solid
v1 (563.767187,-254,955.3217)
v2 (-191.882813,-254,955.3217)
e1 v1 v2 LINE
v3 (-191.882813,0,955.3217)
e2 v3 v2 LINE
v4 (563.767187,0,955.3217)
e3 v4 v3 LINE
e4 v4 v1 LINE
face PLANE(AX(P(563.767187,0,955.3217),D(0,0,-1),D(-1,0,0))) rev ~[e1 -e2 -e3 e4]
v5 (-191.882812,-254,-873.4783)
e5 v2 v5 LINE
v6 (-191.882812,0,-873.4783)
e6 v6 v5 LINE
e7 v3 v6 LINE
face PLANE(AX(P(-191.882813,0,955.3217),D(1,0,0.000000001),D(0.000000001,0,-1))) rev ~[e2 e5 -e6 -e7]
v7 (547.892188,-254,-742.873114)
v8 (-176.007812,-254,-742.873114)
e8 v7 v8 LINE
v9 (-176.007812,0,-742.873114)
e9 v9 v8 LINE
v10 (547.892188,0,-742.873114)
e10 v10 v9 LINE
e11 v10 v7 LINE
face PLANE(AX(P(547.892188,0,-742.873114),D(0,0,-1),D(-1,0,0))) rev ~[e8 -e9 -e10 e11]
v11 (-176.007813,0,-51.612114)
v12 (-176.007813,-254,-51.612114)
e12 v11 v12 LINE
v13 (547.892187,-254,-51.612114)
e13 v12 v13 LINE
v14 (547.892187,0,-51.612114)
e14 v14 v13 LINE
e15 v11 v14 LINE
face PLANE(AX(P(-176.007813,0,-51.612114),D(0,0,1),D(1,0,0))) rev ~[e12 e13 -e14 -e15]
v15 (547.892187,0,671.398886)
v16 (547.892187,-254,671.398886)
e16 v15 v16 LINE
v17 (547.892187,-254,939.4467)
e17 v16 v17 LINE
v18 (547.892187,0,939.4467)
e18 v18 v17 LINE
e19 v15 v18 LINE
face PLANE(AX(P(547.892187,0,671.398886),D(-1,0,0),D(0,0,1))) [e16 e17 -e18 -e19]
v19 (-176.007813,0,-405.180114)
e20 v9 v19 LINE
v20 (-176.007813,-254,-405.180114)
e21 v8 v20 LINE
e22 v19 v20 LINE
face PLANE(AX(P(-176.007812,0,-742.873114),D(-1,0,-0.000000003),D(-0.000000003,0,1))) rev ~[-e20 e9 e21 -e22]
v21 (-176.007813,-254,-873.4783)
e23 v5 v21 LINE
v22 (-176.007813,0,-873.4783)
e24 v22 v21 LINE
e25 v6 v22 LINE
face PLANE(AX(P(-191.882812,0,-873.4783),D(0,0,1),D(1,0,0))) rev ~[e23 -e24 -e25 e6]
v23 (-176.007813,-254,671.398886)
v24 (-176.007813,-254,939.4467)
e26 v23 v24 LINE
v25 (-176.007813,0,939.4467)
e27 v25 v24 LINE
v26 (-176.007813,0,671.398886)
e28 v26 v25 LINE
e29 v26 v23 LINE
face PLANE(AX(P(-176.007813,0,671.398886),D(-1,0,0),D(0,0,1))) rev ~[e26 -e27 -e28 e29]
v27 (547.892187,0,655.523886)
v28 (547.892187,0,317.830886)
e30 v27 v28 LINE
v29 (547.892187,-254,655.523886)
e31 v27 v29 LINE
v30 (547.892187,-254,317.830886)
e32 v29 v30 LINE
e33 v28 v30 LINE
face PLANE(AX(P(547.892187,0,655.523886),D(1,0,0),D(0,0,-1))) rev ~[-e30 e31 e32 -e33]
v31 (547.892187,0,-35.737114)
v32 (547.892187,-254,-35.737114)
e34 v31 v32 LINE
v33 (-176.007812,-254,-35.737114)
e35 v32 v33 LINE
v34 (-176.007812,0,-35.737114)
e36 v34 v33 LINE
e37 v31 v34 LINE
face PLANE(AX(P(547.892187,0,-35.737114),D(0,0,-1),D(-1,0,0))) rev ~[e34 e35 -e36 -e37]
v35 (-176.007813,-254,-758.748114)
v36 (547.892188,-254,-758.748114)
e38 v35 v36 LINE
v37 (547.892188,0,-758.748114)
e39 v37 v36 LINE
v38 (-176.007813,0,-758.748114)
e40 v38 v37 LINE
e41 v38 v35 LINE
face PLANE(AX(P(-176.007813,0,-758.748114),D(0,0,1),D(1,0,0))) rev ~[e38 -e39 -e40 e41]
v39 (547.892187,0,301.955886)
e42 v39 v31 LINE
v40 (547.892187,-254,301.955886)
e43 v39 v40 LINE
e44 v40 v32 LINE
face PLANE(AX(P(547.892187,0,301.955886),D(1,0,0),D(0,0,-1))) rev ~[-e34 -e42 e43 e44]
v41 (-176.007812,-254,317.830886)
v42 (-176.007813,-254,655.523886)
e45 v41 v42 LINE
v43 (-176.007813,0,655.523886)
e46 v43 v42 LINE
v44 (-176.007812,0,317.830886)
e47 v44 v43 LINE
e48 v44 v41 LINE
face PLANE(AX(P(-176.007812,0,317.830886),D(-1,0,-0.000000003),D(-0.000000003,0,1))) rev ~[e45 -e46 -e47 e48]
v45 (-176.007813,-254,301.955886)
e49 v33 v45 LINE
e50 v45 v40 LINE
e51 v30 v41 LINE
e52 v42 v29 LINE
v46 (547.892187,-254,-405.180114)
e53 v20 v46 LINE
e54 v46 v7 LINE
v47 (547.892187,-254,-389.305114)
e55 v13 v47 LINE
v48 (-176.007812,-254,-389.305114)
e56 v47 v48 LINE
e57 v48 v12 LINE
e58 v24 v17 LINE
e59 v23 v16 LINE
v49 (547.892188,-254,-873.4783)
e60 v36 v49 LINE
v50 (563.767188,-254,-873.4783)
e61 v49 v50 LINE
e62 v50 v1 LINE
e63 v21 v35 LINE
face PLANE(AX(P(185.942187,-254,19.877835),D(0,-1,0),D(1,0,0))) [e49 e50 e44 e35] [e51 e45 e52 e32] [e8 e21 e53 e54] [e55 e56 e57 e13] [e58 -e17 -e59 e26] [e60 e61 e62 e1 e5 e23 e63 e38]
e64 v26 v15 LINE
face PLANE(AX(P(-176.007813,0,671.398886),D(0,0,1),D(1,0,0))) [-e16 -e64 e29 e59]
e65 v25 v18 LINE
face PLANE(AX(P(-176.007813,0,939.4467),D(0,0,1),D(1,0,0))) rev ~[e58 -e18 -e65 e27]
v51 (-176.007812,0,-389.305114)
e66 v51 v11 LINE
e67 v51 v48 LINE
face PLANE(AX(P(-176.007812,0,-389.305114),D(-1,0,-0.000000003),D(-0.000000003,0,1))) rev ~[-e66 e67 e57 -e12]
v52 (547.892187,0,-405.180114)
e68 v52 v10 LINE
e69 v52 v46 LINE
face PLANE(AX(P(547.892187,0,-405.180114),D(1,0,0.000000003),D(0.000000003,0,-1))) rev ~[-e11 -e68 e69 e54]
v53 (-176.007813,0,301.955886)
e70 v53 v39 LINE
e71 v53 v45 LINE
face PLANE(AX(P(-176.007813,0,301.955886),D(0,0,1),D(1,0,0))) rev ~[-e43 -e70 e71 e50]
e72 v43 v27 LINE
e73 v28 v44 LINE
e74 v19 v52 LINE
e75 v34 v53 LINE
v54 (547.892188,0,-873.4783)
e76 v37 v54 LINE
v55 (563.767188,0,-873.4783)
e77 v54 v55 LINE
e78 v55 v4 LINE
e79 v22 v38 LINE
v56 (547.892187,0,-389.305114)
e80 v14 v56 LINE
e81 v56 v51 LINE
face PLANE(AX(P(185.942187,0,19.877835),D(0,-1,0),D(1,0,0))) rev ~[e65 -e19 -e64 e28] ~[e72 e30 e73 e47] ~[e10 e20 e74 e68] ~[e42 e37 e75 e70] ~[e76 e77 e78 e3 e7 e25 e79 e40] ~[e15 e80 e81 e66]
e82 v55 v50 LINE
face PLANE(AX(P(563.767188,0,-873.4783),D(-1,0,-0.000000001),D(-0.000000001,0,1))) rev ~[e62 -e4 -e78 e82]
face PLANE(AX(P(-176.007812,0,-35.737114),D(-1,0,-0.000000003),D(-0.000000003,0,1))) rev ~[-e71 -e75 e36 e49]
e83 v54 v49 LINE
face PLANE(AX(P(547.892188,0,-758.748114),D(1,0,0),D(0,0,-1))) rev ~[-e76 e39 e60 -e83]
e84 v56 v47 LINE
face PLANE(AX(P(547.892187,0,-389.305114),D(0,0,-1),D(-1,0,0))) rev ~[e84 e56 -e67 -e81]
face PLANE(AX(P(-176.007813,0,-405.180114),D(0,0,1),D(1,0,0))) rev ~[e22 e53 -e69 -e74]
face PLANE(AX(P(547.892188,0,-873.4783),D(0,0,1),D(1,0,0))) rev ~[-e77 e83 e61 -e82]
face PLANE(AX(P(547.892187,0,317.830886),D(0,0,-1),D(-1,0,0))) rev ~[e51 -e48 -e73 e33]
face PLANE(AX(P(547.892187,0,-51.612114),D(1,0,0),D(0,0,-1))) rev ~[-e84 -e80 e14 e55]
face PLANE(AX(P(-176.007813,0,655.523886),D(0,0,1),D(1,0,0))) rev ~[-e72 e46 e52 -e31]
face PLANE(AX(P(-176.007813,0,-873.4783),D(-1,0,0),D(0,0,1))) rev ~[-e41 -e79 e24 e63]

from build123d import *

# Parameters (mm, degrees)
F0_W     = 723.900001
F0_H     = 268.047814
F1_DEPTH = 254


with BuildPart() as f1:
    # F0 (on Front) → F1 (new body)
    with BuildSketch(Plane.XZ):
        Polygon((547.892188, -873.4783), (563.767188, -873.4783), (563.767187, 955.3217), (547.892188, 955.3217), (-176.007813, 955.3217), (-191.882813, 955.3217), (-191.882812, -873.4783), (-176.007813, -873.4783), (-176.007813, -758.748114), (547.892188, -758.748114), align=None)
        Polygon((547.892188, -742.873114), (-176.007812, -742.873114), (-176.007813, -405.180114), (547.892187, -405.180114), align=None, mode=Mode.SUBTRACT)
        Polygon((547.892187, -389.305114), (-176.007812, -389.305114), (-176.007813, -51.612114), (547.892187, -51.612114), align=None, mode=Mode.SUBTRACT)
        Polygon((547.892187, -35.737114), (-176.007812, -35.737114), (-176.007813, 301.955886), (547.892187, 301.955886), align=None, mode=Mode.SUBTRACT)
        Polygon((547.892187, 317.830886), (-176.007812, 317.830886), (-176.007813, 655.523886), (547.892187, 655.523886), align=None, mode=Mode.SUBTRACT)
        with Locations((185.942187, 805.422793)):
            Rectangle(F0_W, F0_H, mode=Mode.SUBTRACT)
    extrude(amount=F1_DEPTH)


solid = f1.part
